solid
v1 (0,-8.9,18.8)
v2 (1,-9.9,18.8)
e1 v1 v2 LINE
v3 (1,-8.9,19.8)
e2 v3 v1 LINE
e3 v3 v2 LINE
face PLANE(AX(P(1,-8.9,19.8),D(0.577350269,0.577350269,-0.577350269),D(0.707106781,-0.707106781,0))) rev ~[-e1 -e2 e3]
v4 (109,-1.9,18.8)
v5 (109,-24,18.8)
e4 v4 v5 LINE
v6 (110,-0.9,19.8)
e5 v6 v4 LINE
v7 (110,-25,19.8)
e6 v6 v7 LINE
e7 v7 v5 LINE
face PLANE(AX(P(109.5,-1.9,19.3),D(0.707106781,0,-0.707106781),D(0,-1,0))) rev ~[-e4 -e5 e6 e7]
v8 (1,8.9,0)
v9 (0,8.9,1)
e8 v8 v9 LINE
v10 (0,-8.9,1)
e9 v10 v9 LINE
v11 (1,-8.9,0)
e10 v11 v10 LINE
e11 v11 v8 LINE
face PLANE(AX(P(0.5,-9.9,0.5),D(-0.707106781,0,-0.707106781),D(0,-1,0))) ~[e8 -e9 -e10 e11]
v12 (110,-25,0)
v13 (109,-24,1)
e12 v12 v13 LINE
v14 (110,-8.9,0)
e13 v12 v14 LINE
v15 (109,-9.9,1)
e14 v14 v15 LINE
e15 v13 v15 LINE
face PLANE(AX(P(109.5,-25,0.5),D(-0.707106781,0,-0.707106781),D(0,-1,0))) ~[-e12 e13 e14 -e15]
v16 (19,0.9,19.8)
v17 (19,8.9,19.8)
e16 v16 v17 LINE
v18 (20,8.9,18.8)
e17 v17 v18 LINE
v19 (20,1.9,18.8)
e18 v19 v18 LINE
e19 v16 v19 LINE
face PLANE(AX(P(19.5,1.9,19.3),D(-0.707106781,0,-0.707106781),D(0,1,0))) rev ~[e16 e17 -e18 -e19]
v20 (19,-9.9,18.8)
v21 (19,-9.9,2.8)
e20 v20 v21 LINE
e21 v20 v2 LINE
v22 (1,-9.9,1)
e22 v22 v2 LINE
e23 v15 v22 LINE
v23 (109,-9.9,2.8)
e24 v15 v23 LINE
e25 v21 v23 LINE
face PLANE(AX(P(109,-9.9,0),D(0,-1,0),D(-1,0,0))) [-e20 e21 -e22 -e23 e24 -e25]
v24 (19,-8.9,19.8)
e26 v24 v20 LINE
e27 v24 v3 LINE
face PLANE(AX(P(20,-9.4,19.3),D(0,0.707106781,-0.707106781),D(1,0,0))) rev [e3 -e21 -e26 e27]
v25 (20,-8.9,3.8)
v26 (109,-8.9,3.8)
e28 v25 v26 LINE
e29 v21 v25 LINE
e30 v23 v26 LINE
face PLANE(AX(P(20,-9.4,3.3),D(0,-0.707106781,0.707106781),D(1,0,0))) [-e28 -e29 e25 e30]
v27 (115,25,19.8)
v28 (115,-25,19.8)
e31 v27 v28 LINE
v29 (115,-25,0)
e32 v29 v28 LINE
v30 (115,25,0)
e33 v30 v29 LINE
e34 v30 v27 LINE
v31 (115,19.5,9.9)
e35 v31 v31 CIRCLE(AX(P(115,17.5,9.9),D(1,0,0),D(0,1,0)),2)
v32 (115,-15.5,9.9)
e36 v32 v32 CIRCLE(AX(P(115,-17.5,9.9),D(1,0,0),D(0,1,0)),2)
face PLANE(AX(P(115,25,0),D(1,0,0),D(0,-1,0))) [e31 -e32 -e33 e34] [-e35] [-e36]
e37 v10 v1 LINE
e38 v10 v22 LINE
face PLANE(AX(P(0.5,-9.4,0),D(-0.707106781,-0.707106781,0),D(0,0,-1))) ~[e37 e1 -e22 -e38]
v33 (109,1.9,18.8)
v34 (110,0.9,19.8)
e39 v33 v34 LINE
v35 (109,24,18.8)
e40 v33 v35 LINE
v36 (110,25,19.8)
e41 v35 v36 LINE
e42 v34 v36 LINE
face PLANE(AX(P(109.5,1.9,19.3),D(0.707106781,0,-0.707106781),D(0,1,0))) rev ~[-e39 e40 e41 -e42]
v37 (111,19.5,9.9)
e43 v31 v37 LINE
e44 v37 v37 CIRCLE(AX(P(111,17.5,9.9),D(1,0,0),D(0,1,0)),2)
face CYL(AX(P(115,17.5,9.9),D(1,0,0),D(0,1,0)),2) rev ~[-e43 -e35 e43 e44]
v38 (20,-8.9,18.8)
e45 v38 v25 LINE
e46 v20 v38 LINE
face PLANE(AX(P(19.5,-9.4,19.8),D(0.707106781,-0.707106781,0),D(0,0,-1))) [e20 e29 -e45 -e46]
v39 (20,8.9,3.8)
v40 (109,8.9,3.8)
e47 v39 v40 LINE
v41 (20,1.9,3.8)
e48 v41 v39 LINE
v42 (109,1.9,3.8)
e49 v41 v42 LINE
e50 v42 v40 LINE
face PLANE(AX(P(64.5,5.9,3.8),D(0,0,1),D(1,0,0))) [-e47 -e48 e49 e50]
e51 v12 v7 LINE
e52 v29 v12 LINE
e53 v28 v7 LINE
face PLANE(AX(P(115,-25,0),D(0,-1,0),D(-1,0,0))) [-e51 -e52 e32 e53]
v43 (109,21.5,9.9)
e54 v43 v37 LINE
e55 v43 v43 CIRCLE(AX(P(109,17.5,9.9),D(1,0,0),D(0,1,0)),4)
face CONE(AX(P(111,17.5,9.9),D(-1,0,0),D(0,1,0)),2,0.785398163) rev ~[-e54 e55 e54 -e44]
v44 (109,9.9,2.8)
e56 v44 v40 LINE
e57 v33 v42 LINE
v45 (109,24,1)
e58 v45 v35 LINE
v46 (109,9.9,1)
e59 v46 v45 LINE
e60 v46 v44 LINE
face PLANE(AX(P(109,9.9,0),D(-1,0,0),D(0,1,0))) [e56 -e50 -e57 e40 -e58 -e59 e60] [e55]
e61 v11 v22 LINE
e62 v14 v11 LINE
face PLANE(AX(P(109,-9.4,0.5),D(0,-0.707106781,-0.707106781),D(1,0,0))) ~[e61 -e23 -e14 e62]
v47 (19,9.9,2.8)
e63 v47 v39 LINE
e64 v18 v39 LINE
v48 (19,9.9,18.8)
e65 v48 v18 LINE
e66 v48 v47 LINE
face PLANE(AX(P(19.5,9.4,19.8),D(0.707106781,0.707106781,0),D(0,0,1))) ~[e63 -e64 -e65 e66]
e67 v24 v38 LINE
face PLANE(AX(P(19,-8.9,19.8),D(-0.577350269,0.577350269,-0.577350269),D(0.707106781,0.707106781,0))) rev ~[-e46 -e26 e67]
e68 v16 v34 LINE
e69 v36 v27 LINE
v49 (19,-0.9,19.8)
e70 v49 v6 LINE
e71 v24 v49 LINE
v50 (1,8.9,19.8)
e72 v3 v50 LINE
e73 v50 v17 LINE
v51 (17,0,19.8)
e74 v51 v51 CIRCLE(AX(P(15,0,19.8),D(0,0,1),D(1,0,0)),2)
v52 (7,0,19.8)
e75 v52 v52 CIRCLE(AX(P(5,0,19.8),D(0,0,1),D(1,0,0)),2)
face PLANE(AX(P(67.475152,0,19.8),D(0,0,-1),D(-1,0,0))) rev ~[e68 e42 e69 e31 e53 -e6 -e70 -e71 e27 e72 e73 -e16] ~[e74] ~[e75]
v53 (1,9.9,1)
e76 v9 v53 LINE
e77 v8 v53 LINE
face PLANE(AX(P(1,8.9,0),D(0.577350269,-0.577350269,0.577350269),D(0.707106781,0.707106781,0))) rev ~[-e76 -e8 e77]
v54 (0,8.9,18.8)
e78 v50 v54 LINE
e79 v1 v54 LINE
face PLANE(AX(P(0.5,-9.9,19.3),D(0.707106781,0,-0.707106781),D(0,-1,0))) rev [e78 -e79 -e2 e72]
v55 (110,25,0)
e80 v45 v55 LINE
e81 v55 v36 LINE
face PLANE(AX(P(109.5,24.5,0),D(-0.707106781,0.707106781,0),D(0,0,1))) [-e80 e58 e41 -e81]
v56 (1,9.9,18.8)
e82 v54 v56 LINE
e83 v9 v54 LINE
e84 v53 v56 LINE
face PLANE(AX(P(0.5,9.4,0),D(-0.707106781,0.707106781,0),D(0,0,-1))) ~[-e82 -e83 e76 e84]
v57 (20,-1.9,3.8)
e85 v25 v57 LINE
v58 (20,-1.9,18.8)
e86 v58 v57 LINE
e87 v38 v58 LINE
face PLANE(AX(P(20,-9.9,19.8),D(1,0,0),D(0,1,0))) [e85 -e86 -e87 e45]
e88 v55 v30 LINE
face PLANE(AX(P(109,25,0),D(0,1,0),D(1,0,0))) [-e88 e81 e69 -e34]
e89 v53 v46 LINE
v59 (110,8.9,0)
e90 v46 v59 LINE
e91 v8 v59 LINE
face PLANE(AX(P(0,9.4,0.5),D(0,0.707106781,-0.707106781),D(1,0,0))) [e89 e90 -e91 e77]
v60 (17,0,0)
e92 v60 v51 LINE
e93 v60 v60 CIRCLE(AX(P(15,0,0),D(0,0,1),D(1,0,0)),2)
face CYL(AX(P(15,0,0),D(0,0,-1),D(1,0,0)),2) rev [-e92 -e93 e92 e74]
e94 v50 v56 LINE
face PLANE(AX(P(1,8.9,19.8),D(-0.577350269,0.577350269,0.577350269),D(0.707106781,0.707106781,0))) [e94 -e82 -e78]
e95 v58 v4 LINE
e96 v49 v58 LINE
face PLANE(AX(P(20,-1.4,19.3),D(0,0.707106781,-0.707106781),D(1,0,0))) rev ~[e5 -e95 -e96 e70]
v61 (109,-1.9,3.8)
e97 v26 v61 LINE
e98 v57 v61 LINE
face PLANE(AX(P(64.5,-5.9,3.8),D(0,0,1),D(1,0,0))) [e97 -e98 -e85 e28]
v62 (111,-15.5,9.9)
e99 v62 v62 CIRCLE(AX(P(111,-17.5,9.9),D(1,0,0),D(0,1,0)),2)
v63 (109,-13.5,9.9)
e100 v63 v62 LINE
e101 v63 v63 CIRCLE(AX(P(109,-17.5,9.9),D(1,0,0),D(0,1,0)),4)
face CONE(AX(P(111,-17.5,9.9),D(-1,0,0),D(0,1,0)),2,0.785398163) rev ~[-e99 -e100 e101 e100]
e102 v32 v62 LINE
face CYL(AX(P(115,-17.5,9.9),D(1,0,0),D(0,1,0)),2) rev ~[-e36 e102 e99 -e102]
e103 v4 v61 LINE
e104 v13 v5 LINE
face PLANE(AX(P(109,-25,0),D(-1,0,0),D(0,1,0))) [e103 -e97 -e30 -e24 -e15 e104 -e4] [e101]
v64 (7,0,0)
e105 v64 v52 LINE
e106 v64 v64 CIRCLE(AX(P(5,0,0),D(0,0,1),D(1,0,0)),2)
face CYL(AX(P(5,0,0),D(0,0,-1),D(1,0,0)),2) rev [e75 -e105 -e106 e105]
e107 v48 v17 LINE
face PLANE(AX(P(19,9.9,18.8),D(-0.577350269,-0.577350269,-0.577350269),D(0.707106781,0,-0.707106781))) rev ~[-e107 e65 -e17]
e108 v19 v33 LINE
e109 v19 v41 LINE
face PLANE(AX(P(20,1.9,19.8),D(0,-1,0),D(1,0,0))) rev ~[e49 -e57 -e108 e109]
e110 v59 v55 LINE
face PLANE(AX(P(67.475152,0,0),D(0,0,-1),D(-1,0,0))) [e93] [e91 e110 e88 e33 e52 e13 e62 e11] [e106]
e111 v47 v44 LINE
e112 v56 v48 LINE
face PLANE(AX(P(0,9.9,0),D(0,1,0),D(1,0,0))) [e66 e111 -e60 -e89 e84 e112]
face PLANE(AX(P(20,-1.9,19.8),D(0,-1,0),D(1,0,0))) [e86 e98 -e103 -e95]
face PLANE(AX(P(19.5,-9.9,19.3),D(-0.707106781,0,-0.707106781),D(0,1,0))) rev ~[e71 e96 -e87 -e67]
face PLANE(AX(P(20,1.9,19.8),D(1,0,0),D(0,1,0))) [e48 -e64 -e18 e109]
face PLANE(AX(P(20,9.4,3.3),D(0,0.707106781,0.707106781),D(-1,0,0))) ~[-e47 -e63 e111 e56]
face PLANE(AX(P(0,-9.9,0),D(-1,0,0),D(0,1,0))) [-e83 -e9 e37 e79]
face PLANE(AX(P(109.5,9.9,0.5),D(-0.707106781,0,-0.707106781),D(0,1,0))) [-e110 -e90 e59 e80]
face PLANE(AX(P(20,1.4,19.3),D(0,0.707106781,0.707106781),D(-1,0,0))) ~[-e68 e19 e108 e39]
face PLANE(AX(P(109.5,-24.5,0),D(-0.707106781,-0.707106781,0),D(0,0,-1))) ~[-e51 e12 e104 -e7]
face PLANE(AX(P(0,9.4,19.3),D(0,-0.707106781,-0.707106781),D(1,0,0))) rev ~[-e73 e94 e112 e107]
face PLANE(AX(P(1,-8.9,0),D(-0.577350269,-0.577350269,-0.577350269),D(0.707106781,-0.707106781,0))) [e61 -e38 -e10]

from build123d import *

# Parameters (mm, degrees)
SKETCH_R        = 2
PAD_DEPTH       = 19.8
SKETCH001_W     = 89
SKETCH001_H     = 8
POCKET_DEPTH    = 16
SKETCH002_R     = 2
POCKET001_DEPTH = 115.001
CHAMFER_SIZE    = 2
CHAMFER001_SIZE = 1


with BuildPart() as part:
    # Sketch → Pad (new body)
    with BuildSketch(Plane.XY):
        Polygon((0, 9.9), (109, 9.9), (109, 25), (115, 25), (115, -25), (109, -25), (109, -9.9), (0, -9.9), align=None)
        with Locations((5, 0)):
            Circle(SKETCH_R, mode=Mode.SUBTRACT)
        with Locations((15, 0)):
            Circle(SKETCH_R, mode=Mode.SUBTRACT)
    extrude(amount=PAD_DEPTH)

    # Sketch001 (on Face12 of Pad) → Pocket (cut)
    with BuildSketch(Plane.XY.offset(19.8)):
        with Locations((64.5, -5.9)):
            Rectangle(SKETCH001_W, SKETCH001_H)
        with Locations((64.5, 5.9)):
            Rectangle(SKETCH001_W, SKETCH001_H)
    extrude(amount=-POCKET_DEPTH, mode=Mode.SUBTRACT)

    # Sketch002 (on Face9 of Pocket) → Pocket001 (cut, through all)
    with BuildSketch(Plane.YZ.offset(115)):
        with Locations((-17.5, 9.9)):
            Circle(SKETCH002_R)
        with Locations((17.5, 9.9)):
            Circle(SKETCH002_R)
    extrude(amount=-POCKET001_DEPTH, mode=Mode.SUBTRACT)

    # Chamfer
    chamfer_edges = [part.edges().sort_by_distance(p)[0] for p in [
        (109, -19.5, 9.9),
        (109, 15.5, 9.9),
    ]]
    chamfer(chamfer_edges, length=CHAMFER_SIZE)

    # Chamfer001
    chamfer001_edges = [part.edges().sort_by_distance(p)[0] for p in [
        (0, -9.9, 9.9),
        (0, 9.9, 9.9),
        (0, 0, 19.8),
        (0, 0, 0),
        (54.5, 9.9, 0),
        (54.5, -9.9, 0),
        (64.5, 9.9, 3.8),
        (64.5, -9.9, 3.8),
        (20, -9.9, 11.8),
        (10, -9.9, 19.8),
        (20, -5.9, 19.8),
        (20, 5.9, 19.8),
        (10, 9.9, 19.8),
        (20, 9.9, 11.8),
        (64.5, -1.9, 19.8),
        (64.5, 1.9, 19.8),
        (109, -17.45, 0),
        (109, 17.45, 0),
        (109, -17.45, 19.8),
        (109, 17.45, 19.8),
        (109, -25, 9.9),
        (109, 25, 9.9),
    ]]
    chamfer(chamfer001_edges, length=CHAMFER001_SIZE)


solid = part.part
